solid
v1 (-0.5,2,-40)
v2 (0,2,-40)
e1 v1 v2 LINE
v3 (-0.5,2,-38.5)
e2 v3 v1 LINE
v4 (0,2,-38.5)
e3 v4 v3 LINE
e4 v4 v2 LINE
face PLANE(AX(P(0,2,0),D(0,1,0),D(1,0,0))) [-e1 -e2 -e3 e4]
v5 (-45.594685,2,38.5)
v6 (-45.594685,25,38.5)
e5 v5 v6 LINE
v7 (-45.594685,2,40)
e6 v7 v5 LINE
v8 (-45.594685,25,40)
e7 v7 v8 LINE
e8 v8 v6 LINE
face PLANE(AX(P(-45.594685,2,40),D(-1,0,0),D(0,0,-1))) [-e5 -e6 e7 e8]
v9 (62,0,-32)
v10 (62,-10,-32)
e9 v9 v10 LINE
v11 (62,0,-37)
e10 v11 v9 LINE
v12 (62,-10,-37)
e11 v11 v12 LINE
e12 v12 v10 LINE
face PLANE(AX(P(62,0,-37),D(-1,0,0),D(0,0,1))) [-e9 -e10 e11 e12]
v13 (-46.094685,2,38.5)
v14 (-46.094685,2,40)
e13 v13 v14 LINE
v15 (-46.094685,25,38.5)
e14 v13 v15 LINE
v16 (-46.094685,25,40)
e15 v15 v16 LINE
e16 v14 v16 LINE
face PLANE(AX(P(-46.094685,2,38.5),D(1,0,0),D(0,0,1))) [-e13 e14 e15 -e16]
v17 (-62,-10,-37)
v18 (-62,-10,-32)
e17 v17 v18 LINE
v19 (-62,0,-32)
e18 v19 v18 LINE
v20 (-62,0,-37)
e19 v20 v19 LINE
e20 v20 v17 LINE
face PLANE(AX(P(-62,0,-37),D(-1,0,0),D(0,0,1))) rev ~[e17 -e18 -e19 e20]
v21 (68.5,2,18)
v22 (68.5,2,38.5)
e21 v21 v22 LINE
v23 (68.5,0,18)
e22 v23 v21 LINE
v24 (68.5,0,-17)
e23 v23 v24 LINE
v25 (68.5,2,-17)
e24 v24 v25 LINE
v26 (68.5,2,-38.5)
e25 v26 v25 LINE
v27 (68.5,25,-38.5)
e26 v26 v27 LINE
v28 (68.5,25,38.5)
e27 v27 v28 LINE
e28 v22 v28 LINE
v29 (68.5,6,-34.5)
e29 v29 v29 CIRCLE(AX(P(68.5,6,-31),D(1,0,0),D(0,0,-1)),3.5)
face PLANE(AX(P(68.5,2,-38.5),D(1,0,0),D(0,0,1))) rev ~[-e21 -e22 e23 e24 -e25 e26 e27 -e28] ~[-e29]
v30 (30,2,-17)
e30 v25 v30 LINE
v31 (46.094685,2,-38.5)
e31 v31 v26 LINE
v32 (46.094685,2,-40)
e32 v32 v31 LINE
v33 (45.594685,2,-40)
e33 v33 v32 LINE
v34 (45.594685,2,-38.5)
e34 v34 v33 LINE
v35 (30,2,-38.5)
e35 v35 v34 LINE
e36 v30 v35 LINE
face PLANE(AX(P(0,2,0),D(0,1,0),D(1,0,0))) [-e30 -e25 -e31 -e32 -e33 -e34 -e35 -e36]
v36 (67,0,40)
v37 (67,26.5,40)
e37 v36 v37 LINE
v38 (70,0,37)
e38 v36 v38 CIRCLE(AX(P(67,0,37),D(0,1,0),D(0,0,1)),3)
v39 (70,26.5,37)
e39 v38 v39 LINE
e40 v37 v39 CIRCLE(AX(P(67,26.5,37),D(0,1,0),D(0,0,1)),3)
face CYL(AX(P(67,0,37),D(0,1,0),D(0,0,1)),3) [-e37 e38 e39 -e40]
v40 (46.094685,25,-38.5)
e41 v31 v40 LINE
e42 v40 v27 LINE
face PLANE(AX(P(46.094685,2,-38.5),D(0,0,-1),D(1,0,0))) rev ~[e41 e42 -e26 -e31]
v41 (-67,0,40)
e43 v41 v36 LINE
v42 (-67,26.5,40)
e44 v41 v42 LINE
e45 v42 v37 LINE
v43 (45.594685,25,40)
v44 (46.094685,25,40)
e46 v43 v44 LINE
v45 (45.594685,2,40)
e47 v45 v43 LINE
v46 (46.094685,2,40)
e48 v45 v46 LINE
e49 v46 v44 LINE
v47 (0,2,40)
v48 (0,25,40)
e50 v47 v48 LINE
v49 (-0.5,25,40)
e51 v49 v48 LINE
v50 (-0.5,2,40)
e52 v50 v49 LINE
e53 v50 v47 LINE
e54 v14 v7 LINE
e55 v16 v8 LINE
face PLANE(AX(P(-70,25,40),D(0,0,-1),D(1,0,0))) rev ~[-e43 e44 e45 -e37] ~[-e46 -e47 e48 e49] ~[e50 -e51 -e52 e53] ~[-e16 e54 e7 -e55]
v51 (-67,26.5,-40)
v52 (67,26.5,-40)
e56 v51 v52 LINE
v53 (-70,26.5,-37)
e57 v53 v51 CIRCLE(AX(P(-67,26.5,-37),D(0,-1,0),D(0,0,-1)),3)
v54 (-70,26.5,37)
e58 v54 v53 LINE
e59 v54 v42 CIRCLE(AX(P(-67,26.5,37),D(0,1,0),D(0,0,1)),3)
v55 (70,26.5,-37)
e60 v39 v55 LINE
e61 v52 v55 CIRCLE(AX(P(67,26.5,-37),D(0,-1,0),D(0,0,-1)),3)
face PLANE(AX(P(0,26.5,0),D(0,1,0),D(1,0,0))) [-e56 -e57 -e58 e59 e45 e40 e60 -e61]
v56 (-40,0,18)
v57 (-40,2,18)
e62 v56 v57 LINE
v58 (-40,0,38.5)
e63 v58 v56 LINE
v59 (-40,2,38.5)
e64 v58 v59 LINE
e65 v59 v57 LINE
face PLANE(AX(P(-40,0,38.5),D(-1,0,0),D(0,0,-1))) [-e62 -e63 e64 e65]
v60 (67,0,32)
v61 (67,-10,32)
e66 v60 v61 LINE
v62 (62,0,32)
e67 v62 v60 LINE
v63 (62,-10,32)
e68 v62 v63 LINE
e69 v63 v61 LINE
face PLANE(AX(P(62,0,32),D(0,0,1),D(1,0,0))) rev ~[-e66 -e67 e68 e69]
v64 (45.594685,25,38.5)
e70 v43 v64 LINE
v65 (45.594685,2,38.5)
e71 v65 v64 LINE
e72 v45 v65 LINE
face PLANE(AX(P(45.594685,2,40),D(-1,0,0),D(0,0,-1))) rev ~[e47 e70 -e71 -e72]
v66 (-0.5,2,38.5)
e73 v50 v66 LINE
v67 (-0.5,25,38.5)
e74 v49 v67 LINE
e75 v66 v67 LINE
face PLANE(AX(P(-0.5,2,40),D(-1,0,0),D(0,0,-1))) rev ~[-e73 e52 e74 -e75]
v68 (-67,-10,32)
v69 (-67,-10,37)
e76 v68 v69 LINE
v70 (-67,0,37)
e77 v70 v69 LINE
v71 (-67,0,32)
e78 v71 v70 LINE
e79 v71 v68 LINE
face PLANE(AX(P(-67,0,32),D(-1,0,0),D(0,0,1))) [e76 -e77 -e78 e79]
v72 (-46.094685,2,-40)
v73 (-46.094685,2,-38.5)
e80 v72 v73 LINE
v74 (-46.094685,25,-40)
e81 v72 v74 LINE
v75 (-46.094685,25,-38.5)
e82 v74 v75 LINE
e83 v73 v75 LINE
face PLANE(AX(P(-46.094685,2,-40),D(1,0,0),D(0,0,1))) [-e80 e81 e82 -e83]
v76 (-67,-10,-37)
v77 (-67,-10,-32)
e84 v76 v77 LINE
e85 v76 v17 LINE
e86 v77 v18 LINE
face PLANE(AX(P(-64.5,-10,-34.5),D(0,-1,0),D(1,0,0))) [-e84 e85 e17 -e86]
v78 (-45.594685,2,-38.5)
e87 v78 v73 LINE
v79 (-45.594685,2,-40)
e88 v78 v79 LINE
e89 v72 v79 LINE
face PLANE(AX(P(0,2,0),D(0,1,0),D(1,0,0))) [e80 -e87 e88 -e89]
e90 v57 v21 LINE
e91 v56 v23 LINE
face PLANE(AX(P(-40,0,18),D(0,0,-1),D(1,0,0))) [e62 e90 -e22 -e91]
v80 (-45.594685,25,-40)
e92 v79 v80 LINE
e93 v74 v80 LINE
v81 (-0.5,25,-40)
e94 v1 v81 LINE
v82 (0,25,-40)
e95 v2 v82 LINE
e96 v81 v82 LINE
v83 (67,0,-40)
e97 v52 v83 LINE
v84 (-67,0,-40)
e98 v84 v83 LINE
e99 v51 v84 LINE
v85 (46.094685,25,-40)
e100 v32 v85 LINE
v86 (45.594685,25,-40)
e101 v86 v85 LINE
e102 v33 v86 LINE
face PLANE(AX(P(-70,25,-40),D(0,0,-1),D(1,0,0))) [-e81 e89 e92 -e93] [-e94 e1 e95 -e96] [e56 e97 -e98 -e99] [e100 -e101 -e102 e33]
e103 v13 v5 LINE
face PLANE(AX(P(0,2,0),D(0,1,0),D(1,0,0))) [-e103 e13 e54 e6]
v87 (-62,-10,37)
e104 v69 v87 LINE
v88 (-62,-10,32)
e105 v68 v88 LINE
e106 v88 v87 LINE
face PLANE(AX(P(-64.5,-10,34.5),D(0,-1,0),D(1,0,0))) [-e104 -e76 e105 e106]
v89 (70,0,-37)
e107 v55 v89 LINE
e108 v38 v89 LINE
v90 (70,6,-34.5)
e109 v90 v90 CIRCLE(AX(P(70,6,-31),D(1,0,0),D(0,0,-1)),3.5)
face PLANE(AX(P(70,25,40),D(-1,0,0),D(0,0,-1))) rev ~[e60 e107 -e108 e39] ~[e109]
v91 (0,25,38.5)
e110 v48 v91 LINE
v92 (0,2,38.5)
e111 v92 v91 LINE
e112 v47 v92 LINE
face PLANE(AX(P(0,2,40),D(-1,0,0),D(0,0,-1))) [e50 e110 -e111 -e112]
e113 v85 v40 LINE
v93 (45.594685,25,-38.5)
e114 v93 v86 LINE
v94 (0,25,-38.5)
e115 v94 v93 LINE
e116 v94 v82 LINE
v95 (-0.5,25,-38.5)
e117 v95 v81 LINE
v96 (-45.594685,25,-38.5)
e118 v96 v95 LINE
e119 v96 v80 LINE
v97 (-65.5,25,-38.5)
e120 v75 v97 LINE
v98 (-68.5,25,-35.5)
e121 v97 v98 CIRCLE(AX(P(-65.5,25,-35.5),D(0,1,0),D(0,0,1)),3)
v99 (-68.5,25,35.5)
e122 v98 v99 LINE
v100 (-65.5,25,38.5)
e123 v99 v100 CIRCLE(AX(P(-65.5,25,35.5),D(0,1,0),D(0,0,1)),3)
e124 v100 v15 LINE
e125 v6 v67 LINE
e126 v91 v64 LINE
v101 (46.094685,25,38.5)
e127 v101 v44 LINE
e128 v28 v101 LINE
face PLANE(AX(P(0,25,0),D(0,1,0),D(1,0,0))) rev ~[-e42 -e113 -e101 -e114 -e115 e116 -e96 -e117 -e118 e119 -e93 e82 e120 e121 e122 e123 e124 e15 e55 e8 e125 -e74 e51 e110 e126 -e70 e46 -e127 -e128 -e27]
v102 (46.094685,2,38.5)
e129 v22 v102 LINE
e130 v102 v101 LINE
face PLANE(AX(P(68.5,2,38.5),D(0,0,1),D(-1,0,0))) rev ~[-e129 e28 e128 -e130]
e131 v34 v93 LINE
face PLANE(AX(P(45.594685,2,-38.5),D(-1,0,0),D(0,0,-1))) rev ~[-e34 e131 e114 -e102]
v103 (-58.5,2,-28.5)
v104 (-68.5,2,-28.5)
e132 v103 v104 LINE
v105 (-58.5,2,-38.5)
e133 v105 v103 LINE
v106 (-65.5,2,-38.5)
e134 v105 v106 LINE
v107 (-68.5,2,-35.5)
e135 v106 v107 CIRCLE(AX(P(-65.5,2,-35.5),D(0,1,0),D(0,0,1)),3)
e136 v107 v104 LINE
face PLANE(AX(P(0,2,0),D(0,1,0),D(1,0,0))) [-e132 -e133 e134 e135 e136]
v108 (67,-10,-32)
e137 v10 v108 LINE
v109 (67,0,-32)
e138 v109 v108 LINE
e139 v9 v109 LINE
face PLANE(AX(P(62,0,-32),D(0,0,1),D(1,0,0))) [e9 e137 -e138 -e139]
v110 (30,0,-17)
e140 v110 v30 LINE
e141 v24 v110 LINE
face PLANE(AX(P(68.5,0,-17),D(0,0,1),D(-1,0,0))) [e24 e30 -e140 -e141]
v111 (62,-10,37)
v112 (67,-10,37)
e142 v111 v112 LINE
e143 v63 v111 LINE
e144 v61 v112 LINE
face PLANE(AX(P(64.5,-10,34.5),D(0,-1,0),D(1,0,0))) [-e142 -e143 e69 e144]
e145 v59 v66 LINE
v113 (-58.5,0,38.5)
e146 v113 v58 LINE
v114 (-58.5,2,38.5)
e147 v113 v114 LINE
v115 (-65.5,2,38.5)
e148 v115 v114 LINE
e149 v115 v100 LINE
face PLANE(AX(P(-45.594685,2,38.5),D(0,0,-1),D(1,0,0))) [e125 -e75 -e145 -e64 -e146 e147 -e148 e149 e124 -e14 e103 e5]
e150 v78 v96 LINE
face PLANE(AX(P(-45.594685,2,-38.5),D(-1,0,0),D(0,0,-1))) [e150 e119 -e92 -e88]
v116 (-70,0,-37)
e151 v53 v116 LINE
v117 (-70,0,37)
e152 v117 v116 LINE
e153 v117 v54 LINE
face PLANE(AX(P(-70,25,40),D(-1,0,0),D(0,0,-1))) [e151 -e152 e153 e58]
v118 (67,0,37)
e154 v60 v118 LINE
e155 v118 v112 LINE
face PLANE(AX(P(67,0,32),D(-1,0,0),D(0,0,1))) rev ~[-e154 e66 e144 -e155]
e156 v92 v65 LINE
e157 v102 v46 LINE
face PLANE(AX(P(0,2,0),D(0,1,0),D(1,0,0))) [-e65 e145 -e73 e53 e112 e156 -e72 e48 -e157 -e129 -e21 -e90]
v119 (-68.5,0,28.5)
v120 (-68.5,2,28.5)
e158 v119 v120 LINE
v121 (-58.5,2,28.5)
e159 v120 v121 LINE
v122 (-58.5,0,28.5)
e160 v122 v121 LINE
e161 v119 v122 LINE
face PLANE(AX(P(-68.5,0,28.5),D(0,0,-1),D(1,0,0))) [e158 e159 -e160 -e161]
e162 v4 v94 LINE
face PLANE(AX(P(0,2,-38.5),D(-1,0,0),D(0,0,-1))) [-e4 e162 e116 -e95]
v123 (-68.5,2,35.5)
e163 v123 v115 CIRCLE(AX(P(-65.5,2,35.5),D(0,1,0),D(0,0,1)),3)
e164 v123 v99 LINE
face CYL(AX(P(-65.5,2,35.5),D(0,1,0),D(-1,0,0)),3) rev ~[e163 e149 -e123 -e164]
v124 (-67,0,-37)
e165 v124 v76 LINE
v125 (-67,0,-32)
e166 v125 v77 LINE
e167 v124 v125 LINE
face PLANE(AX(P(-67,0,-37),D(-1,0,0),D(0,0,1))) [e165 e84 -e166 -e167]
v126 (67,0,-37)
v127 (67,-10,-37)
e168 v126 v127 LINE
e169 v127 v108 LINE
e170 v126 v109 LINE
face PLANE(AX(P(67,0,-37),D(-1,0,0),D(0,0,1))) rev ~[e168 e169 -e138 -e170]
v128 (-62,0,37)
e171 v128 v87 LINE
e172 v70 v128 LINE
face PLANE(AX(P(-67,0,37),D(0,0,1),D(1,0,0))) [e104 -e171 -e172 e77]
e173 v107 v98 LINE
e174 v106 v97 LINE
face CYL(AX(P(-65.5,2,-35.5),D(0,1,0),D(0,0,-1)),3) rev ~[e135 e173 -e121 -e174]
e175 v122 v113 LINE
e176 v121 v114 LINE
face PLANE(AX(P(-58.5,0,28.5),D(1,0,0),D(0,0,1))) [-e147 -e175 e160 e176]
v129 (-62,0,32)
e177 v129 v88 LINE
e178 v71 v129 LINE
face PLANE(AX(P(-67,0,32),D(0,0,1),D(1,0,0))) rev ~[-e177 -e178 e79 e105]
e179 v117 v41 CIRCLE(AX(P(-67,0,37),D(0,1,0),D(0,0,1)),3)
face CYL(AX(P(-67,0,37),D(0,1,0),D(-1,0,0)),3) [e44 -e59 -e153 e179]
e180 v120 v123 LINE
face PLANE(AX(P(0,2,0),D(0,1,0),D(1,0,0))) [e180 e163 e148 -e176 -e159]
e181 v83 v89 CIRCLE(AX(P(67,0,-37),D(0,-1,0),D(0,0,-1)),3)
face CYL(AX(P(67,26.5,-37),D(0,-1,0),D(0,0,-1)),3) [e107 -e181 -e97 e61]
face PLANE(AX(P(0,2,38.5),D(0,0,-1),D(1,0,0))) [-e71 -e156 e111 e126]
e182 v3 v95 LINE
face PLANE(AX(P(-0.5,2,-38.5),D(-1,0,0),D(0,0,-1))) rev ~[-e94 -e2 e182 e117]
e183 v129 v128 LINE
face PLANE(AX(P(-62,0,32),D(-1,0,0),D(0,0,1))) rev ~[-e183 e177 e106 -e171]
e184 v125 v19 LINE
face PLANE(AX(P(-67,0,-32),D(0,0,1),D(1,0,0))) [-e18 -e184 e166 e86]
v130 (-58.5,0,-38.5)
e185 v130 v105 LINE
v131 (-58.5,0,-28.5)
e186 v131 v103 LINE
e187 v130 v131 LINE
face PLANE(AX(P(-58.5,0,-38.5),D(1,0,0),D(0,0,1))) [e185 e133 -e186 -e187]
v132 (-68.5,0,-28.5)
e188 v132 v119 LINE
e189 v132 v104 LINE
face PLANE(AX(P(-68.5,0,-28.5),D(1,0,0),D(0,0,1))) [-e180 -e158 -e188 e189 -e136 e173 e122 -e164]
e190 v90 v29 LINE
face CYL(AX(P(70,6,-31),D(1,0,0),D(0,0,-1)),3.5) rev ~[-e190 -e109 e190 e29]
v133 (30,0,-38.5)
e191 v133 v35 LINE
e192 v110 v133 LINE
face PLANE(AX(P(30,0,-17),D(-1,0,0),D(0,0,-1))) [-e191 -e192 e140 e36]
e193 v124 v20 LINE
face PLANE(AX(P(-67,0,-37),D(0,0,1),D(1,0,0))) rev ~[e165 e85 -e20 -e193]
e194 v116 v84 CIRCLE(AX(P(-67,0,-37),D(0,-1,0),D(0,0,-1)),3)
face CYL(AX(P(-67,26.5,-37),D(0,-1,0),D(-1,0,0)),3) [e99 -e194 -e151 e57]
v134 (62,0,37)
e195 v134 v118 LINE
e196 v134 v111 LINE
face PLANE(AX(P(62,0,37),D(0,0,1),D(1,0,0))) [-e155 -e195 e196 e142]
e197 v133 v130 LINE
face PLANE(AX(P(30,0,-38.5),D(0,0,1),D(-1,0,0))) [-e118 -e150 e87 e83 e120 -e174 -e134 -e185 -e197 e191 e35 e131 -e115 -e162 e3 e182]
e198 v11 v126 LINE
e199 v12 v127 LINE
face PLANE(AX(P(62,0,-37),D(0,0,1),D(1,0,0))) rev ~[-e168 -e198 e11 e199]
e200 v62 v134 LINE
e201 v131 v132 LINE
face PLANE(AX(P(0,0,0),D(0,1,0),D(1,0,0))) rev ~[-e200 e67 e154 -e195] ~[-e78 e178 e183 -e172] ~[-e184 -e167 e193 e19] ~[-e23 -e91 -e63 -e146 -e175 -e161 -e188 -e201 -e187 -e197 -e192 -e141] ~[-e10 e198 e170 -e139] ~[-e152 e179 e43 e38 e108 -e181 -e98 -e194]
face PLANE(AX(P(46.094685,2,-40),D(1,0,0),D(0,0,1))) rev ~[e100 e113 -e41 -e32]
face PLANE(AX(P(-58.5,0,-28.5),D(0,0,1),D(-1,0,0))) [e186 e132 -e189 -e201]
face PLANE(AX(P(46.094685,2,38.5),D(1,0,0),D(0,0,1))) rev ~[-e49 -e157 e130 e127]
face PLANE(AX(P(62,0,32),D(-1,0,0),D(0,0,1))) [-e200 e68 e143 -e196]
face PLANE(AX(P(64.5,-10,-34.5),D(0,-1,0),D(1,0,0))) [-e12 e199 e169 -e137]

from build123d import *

# Parameters (mm, degrees)
SKETCH1_W           = 140
SKETCH1_H           = 80
BOSS_EXTRUDE1_DEPTH = 2
SKETCH2_W           = 45.094685242
SKETCH2_H           = 1.5
SKETCH2_W_2         = 45.594685242
BOSS_EXTRUDE3_DEPTH = 23
SKETCH3_W           = 140
SKETCH3_H           = 80
BOSS_EXTRUDE4_DEPTH = 1.5
SKETCH4_R           = 3.5
CUT_EXTRUDE1_DEPTH  = 5
FILLET1_R           = 3
SKETCH5_W           = 5
SKETCH5_H           = 5
BOSS_EXTRUDE5_DEPTH = 10


with BuildPart() as part:
    # Sketch1 → Boss-Extrude1 (new body)
    with BuildSketch(Plane(origin=(0, 0, 0), x_dir=(1, 0, 0), z_dir=(0, 1, 0))):
        Rectangle(SKETCH1_W, SKETCH1_H)
        Polygon((68.5, -18), (68.5, 17), (30, 17), (30, 38.5), (-58.5, 38.5), (-58.5, 28.5), (-68.5, 28.5), (-68.5, -28.5), (-58.5, -28.5), (-58.5, -38.5), (-40, -38.5), (-40, -18), align=None, mode=Mode.SUBTRACT)
    extrude(amount=BOSS_EXTRUDE1_DEPTH)

    # Sketch2 → Boss-Extrude3 (add)
    with BuildSketch(Plane(origin=(0, 2, 0), x_dir=(1, 0, 0), z_dir=(0, 1, 0))):
        with Locations((-23.047342621, 39.25)):
            Rectangle(SKETCH2_W, SKETCH2_H)
        with Locations((-23.047342621, -39.25)):
            Rectangle(SKETCH2_W, SKETCH2_H)
        Polygon((-46.094685242, 40), (-46.094685242, 38.5), (-68.5, 38.5), (-68.5, -38.5), (-46.094685242, -38.5), (-46.094685242, -40), (-70, -40), (-70, 40), align=None)
        with Locations((22.797342621, -39.25)):
            Rectangle(SKETCH2_W_2, SKETCH2_H)
        Polygon((46.094685242, -38.5), (46.094685242, -40), (70, -40), (70, 40), (46.094685242, 40), (46.094685242, 38.5), (68.5, 38.5), (68.5, -38.5), align=None)
        with Locations((22.797342621, 39.25)):
            Rectangle(SKETCH2_W_2, SKETCH2_H)
    extrude(amount=BOSS_EXTRUDE3_DEPTH)

    # Sketch3 → Boss-Extrude4 (add)
    with BuildSketch(Plane(origin=(0, 25, 0), x_dir=(1, 0, 0), z_dir=(0, 1, 0))):
        Rectangle(SKETCH3_W, SKETCH3_H)
    extrude(amount=BOSS_EXTRUDE4_DEPTH)

    # Sketch4 → Cut-Extrude1 (cut)
    with BuildSketch(Plane(origin=(70, 0, 0), x_dir=(0, 0, -1), z_dir=(1, 0, 0))):
        with Locations((31, 6)):
            Circle(SKETCH4_R)
    extrude(amount=-CUT_EXTRUDE1_DEPTH, mode=Mode.SUBTRACT)

    # Fillet1
    fillet1_edges = [part.edges().sort_by_distance(p)[0] for p in [
        (70, 13.25, 40),
        (-70, 13.25, 40),
        (-70, 13.25, -40),
        (70, 13.25, -40),
        (-68.5, 13.5, 38.5),
        (-68.5, 13.5, -38.5),
    ]]
    fillet(fillet1_edges, radius=FILLET1_R)

    # Sketch5 → Boss-Extrude5 (add)
    with BuildSketch(Plane.XZ):
        with Locations((-64.5, 34.5)):
            Rectangle(SKETCH5_W, SKETCH5_H)
        with Locations((64.5, 34.5)):
            Rectangle(SKETCH5_W, SKETCH5_H)
        with Locations((64.5, -34.5)):
            Rectangle(SKETCH5_W, SKETCH5_H)
        with Locations((-64.5, -34.5)):
            Rectangle(SKETCH5_W, SKETCH5_H)
    extrude(amount=BOSS_EXTRUDE5_DEPTH)


solid = part.part
